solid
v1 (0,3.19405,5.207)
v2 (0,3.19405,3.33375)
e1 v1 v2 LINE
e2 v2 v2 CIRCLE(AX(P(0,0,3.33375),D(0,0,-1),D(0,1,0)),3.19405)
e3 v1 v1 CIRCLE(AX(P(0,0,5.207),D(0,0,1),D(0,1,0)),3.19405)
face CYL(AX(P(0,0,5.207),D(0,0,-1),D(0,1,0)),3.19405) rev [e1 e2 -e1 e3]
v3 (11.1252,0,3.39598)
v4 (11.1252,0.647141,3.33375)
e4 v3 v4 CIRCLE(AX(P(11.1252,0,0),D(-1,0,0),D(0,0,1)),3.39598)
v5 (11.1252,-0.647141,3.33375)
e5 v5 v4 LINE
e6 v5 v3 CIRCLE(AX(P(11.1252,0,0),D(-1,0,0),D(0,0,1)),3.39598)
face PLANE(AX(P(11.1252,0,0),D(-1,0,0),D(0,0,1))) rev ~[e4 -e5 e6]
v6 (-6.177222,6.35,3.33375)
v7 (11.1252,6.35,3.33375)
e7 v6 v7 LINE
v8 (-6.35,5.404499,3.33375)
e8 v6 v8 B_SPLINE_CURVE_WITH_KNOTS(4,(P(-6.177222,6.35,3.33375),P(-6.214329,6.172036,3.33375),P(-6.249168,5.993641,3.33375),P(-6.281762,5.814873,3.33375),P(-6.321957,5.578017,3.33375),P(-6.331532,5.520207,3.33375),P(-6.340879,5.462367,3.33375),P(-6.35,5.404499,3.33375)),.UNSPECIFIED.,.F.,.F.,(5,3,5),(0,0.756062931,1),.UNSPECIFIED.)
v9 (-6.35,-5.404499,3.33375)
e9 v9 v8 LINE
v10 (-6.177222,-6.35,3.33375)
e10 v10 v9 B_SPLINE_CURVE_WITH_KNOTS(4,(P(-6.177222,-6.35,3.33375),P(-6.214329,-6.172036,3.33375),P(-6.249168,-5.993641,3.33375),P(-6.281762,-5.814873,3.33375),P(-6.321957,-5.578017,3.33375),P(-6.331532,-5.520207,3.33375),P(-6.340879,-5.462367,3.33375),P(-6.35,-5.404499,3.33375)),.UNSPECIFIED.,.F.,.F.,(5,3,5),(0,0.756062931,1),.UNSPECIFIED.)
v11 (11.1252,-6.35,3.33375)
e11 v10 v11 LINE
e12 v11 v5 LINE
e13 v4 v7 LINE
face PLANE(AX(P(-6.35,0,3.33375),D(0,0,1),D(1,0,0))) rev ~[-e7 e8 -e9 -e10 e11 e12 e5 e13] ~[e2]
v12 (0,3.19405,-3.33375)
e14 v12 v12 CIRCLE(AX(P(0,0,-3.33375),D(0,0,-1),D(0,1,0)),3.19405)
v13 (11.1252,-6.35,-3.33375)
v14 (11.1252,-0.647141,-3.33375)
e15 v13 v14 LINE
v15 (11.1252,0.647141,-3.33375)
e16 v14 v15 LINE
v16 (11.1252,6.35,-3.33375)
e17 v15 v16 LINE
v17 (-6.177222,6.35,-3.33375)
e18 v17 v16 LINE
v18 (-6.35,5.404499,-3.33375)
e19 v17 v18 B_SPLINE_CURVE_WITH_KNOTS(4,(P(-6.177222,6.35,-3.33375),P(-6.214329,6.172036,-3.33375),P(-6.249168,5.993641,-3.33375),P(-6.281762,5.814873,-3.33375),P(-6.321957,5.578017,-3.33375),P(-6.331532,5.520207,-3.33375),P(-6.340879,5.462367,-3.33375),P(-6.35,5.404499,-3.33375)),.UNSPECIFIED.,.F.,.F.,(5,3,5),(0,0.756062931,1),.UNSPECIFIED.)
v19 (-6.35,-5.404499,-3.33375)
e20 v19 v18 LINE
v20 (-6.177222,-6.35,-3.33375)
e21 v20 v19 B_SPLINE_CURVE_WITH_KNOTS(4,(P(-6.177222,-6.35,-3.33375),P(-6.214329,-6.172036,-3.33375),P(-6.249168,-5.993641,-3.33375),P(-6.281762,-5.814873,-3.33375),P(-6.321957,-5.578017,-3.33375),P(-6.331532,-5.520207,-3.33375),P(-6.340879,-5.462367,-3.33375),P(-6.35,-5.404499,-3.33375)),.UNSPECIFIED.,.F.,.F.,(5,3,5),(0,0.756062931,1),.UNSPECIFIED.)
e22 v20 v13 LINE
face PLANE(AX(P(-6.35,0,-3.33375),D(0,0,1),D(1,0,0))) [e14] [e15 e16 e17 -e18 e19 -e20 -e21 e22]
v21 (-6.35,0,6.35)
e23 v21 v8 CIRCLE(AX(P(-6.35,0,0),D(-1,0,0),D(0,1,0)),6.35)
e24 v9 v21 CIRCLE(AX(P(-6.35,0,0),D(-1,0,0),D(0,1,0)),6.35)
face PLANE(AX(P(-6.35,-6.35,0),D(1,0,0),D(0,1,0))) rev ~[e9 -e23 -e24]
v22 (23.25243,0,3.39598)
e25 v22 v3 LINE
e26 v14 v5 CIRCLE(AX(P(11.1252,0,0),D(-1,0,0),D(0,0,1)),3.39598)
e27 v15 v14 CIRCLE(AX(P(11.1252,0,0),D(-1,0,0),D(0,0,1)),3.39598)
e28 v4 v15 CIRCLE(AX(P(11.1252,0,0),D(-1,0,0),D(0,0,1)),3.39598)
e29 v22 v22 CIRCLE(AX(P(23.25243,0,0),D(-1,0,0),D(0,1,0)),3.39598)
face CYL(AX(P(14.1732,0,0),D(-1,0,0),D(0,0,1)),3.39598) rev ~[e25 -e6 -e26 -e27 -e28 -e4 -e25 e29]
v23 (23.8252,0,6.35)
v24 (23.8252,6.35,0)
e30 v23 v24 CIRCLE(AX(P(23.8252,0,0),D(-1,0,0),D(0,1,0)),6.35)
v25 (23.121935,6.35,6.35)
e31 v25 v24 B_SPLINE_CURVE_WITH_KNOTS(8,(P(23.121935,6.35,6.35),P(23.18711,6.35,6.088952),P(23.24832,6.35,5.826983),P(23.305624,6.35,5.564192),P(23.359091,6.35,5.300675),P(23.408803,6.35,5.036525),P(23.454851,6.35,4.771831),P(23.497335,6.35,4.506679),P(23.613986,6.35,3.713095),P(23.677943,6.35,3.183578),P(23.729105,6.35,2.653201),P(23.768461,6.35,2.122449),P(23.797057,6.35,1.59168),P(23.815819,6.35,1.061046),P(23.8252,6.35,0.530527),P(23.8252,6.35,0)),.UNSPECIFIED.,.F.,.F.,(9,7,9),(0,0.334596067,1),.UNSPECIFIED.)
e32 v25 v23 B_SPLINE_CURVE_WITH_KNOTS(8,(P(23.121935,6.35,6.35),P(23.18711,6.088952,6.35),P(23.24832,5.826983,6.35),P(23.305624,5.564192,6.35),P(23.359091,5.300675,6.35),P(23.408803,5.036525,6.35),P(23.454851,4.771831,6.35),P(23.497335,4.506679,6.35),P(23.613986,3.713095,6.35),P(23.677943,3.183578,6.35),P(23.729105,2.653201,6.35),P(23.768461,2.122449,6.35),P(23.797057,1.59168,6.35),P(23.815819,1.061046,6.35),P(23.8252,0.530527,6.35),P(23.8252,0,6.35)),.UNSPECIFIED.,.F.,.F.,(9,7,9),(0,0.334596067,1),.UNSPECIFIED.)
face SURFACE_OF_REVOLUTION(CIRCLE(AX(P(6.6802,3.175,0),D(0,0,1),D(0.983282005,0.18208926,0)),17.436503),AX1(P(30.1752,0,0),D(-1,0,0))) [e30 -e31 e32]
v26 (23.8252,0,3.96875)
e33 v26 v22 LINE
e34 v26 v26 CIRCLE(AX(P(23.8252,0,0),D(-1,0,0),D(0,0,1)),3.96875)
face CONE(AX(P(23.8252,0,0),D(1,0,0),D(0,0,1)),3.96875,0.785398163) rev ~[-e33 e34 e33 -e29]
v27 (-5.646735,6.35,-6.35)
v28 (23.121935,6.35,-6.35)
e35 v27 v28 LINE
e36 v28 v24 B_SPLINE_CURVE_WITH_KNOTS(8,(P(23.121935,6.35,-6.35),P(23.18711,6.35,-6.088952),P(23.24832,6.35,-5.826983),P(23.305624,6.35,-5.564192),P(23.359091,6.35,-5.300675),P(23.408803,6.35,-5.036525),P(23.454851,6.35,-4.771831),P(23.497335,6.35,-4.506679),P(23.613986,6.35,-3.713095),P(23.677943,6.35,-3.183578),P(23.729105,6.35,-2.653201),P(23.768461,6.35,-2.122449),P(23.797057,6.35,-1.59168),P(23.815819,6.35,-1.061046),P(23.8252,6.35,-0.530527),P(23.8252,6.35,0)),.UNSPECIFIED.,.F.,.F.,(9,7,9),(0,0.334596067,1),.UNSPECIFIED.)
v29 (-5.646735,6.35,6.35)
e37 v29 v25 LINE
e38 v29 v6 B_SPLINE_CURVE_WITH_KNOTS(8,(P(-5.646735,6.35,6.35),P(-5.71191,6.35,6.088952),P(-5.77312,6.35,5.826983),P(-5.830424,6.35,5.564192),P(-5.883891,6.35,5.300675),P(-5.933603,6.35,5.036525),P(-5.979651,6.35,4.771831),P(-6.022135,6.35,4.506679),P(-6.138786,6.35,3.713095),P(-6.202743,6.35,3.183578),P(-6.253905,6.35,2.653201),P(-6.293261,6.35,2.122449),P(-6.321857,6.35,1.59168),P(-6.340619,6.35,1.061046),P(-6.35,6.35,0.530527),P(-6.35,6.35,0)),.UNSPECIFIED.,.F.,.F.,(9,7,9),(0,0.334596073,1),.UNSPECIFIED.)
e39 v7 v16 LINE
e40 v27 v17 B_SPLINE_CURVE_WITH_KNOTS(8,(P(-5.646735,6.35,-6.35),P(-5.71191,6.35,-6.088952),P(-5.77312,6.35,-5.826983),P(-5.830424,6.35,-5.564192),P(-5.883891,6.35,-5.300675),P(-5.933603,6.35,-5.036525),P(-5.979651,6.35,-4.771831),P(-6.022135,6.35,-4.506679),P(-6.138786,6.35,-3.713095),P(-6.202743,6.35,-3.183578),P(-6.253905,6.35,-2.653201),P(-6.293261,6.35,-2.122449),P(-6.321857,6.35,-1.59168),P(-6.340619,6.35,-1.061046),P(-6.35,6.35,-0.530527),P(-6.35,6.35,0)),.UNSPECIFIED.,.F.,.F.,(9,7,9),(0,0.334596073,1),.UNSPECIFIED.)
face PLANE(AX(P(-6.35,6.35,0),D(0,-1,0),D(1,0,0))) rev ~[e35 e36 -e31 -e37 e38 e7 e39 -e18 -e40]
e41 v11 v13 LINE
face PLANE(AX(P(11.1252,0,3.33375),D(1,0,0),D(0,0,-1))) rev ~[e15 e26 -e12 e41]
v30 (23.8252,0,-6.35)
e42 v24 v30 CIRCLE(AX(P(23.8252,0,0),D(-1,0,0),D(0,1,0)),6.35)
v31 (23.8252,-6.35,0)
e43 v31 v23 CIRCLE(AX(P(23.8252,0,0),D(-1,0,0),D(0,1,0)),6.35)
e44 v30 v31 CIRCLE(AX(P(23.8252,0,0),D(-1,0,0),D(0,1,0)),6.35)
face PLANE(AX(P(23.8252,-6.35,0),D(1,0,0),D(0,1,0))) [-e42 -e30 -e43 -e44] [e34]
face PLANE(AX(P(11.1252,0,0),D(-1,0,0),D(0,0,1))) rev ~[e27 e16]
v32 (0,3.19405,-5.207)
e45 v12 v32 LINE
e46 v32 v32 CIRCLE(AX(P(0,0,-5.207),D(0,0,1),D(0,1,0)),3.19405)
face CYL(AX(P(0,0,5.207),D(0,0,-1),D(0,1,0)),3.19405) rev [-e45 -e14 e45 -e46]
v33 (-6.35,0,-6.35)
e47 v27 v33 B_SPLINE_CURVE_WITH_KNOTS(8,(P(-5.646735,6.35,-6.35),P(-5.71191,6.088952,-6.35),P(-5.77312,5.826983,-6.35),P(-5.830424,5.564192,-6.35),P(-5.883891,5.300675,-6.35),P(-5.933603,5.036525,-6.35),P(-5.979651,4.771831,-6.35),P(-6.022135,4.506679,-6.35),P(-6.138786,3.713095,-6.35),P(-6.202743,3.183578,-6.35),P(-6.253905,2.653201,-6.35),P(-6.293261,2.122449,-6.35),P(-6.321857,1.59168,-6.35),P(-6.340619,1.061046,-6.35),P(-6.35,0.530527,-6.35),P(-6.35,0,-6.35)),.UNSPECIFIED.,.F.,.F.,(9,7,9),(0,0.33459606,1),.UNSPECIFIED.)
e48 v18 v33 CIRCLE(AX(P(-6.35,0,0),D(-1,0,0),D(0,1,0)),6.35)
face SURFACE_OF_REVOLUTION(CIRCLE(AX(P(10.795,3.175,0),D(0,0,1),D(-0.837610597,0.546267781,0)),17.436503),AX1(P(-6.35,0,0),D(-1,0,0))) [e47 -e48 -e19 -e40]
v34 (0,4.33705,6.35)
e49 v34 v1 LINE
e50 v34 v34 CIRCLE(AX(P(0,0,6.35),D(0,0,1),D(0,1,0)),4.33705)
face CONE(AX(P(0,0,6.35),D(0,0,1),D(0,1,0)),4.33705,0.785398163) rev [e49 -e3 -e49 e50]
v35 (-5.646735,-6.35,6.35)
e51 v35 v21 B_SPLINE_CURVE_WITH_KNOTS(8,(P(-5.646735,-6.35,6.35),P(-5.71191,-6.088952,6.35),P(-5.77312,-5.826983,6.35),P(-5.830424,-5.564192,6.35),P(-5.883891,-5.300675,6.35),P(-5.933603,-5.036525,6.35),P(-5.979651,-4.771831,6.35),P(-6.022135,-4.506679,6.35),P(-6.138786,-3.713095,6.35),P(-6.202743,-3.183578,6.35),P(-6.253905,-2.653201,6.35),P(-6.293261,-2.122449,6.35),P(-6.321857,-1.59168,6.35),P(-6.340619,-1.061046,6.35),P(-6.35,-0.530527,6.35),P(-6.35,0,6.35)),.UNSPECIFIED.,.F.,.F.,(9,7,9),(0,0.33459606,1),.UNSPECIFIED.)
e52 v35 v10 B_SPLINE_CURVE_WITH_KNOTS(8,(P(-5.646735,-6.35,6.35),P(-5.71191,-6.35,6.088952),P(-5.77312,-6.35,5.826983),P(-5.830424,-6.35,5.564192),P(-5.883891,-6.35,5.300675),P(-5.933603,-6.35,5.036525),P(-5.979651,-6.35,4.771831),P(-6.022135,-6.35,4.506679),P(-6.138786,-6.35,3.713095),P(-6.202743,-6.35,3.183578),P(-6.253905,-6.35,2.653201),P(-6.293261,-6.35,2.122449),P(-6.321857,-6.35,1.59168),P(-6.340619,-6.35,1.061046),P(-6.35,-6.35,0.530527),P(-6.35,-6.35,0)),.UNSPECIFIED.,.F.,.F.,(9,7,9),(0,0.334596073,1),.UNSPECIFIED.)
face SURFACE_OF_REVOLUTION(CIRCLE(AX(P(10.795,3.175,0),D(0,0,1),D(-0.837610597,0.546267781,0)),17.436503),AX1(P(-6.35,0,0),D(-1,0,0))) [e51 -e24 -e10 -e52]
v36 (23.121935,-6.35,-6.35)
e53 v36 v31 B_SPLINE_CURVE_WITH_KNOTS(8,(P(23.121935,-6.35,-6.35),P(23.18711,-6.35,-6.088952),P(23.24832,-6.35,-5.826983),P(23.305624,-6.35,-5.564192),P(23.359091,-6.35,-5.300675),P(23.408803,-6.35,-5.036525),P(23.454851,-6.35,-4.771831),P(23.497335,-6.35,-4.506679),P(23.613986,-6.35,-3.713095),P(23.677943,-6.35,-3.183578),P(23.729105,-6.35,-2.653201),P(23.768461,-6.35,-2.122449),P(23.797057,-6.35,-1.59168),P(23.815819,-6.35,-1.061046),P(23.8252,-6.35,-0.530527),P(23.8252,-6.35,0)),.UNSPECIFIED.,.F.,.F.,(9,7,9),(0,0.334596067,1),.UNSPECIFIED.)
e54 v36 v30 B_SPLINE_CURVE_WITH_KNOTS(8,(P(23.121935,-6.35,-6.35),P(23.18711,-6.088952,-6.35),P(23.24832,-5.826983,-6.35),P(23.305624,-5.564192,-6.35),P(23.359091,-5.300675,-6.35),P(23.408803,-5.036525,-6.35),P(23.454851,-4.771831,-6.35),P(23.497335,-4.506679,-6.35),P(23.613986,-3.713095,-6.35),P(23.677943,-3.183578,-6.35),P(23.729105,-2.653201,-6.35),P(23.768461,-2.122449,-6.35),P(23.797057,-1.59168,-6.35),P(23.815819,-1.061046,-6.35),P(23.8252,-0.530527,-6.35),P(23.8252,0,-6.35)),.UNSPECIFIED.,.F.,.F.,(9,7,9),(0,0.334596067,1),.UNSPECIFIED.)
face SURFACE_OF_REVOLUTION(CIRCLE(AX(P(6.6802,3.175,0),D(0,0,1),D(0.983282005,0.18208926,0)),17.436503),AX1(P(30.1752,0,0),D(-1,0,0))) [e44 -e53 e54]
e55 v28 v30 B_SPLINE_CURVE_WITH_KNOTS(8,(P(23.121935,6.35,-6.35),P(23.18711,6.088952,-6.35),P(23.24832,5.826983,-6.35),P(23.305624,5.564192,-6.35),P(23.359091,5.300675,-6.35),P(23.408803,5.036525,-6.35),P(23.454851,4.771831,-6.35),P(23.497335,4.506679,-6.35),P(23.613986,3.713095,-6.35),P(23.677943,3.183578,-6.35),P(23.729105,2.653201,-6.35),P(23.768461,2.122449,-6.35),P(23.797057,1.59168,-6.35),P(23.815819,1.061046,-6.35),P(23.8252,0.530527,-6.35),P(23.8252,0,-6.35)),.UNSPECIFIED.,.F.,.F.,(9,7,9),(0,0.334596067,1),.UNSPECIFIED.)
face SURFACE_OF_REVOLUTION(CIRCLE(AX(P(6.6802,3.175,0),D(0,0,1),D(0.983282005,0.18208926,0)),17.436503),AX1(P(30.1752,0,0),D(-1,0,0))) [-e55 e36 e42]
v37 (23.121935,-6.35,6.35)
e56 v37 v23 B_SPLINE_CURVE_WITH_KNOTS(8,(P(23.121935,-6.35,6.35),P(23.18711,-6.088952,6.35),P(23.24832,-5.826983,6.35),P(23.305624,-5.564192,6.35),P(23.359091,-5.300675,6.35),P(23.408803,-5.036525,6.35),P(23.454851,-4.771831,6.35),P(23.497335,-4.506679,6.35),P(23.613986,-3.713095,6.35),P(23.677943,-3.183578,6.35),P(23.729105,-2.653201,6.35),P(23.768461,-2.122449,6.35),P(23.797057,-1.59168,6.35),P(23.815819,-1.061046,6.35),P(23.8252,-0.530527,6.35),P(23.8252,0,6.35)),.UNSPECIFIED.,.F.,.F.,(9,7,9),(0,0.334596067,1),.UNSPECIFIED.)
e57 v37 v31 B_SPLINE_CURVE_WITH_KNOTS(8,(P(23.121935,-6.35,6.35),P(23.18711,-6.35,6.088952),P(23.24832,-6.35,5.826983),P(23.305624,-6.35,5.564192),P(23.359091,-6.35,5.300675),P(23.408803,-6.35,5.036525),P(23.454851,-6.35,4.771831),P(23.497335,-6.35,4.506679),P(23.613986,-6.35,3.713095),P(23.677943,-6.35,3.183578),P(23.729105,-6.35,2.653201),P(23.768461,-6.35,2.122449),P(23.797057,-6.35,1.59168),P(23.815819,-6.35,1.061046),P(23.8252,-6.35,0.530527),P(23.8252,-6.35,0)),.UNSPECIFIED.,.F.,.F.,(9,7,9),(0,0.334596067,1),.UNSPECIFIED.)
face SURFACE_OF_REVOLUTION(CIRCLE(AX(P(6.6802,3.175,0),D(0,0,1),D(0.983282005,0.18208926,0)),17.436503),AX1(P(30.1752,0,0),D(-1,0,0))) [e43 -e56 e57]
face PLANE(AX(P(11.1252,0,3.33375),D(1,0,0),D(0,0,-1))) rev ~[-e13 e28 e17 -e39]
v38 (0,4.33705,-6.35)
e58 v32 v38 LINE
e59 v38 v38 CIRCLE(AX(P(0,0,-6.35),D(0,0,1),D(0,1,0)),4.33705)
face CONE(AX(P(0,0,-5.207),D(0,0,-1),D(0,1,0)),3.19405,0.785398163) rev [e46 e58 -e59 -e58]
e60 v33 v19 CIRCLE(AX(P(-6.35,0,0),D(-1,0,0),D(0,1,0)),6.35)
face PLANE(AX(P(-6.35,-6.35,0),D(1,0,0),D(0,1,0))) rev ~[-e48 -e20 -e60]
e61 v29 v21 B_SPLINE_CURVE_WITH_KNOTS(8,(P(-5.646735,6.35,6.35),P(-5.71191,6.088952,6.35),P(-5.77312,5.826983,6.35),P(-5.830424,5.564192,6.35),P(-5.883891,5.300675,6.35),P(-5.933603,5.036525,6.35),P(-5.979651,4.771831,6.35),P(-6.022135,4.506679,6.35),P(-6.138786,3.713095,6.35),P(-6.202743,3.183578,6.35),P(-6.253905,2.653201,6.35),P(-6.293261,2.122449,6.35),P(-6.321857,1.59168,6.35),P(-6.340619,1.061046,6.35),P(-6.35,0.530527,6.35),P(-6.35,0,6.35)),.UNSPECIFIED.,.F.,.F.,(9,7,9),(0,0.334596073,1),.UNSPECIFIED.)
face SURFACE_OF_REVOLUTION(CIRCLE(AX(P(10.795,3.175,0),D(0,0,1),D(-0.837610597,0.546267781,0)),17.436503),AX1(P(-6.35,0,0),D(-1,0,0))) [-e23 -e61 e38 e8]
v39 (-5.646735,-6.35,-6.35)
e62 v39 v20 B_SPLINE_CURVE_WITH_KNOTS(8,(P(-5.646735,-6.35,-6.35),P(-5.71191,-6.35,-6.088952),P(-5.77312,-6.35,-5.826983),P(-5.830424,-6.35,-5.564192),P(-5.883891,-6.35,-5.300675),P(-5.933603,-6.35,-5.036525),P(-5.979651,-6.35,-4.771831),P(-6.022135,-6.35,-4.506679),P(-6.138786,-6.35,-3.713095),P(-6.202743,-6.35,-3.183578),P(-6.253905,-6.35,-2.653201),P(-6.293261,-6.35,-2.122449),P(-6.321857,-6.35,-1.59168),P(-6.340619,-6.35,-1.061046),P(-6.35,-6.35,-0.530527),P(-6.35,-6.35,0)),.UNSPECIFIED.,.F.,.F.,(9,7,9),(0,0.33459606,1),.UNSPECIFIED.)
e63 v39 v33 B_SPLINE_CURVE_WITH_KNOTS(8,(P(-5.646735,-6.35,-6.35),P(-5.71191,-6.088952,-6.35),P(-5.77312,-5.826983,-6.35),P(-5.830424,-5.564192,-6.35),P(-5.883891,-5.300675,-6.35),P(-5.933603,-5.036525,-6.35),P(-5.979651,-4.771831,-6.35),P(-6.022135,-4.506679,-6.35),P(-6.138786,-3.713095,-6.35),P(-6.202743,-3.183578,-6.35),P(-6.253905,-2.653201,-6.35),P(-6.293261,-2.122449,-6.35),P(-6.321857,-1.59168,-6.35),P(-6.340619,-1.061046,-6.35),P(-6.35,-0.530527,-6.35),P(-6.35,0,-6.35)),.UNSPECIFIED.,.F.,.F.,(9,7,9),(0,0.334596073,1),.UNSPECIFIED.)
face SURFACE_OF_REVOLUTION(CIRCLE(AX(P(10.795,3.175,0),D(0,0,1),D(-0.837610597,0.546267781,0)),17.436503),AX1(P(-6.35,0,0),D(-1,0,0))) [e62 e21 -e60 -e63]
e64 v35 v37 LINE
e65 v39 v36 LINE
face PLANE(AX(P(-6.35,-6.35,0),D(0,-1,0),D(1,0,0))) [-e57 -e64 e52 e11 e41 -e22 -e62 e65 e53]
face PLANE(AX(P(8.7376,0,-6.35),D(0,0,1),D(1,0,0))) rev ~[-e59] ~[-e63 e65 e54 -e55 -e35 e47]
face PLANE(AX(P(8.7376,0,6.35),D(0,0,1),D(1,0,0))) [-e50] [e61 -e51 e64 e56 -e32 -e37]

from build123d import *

# Parameters (mm, degrees)
BOSS_EXTRUDE1_DEPTH      = 6.35
BOSS_EXTRUDE1_DEPTH_BACK = 6.35
SKETCH1_W                = 30.1752
SKETCH1_H                = 12.7
CUT_EXTRUDE1_DEPTH       = 6.35
CUT_EXTRUDE1_DEPTH_BACK  = 6.35
SKETCH2_W                = 17.4752
SKETCH2_H                = 6.6675
HOLE1_D                  = 6.79196
HOLE1_DEPTH              = 11.176
HOLE1_CSINK_D            = 7.9375
HOLE1_CSINK_ANGLE        = 90
HOLE2_D                  = 6.79196
HOLE2_DEPTH              = 1.524


with BuildPart() as part:
    # Sketch1 → Boss-Extrude1 (new, two sides: drawn at the far end of the back side and taken through both)
    with BuildSketch(Plane.XY.offset(-BOSS_EXTRUDE1_DEPTH_BACK)):
        with Locations((8.7376, 0)):
            Rectangle(SKETCH1_W, SKETCH1_H)
    extrude(amount=BOSS_EXTRUDE1_DEPTH + BOSS_EXTRUDE1_DEPTH_BACK)

    # Sketch2 → Cut-Extrude1 (cut, two sides: drawn at the far end of the back side and taken through both)
    with BuildSketch(Plane(origin=(0, 0, 0), x_dir=(1, 0, 0), z_dir=(0, 1, 0)).offset(-CUT_EXTRUDE1_DEPTH_BACK)):
        with Locations((2.3876, 0)):
            Rectangle(SKETCH2_W, SKETCH2_H)
    extrude(amount=CUT_EXTRUDE1_DEPTH + CUT_EXTRUDE1_DEPTH_BACK, mode=Mode.SUBTRACT)

    # Hole1
    with Locations(Plane(origin=(23.8252, 0, 0), x_dir=(0, 0, -1), z_dir=(1, 0, 0))):
        with Locations((0, 0)):
            CounterSinkHole(HOLE1_D / 2, HOLE1_CSINK_D / 2, depth=HOLE1_DEPTH, counter_sink_angle=HOLE1_CSINK_ANGLE)

    # Hole2
    with Locations(Plane(origin=(12.6492, 0, 0), x_dir=(0, 0, -1), z_dir=(1, 0, 0))):
        with Locations((0, 0)):
            Hole(HOLE2_D / 2, depth=HOLE2_DEPTH)

    # Sketch7 → Cut-Revolve1 (revolve, cut)
    with BuildSketch(Plane(origin=(0, 0, 0), x_dir=(0, 0, -1), z_dir=(1, 0, 0))):
        Polygon((-6.35, 0), (-6.35, 4.33705), (-5.207, 3.19405), (5.207, 3.19405), (6.35, 4.33705), (6.35, 0), align=None)
    revolve(axis=Axis((0, 0, -6.35), (0, 0, 1)), mode=Mode.SUBTRACT)

    # Sketch8 → Cut-Revolve2 (revolve, cut)
    with BuildSketch(Plane.XY):
        with BuildLine():
            Line((23.8252, 0), (23.8252, 6.35))
            ThreePointArc((23.8252, 6.35), (22.869586956, 9.650754782), (21.2852, 12.7))
            Line((21.2852, 12.7), (30.1752, 12.7))
            Line((30.1752, 12.7), (30.1752, 0))
            Line((30.1752, 0), (23.8252, 0))
        make_face()
    revolve(axis=Axis((30.1752, 0, 0), (-1, 0, 0)), mode=Mode.SUBTRACT)

    # Sketch9 → Cut-Revolve3 (revolve, cut)
    with BuildSketch(Plane.XY):
        with BuildLine():
            Line((-12.7, 0), (-12.7, 12.7))
            Line((-12.7, 12.7), (-3.81, 12.7))
            ThreePointArc((-3.81, 12.7), (-5.394386956, 9.650754782), (-6.35, 6.35))
            Line((-6.35, 6.35), (-6.35, 0))
            Line((-6.35, 0), (-12.7, 0))
        make_face()
    revolve(axis=Axis((-6.35, 0, 0), (-1, 0, 0)), mode=Mode.SUBTRACT)


solid = part.part
